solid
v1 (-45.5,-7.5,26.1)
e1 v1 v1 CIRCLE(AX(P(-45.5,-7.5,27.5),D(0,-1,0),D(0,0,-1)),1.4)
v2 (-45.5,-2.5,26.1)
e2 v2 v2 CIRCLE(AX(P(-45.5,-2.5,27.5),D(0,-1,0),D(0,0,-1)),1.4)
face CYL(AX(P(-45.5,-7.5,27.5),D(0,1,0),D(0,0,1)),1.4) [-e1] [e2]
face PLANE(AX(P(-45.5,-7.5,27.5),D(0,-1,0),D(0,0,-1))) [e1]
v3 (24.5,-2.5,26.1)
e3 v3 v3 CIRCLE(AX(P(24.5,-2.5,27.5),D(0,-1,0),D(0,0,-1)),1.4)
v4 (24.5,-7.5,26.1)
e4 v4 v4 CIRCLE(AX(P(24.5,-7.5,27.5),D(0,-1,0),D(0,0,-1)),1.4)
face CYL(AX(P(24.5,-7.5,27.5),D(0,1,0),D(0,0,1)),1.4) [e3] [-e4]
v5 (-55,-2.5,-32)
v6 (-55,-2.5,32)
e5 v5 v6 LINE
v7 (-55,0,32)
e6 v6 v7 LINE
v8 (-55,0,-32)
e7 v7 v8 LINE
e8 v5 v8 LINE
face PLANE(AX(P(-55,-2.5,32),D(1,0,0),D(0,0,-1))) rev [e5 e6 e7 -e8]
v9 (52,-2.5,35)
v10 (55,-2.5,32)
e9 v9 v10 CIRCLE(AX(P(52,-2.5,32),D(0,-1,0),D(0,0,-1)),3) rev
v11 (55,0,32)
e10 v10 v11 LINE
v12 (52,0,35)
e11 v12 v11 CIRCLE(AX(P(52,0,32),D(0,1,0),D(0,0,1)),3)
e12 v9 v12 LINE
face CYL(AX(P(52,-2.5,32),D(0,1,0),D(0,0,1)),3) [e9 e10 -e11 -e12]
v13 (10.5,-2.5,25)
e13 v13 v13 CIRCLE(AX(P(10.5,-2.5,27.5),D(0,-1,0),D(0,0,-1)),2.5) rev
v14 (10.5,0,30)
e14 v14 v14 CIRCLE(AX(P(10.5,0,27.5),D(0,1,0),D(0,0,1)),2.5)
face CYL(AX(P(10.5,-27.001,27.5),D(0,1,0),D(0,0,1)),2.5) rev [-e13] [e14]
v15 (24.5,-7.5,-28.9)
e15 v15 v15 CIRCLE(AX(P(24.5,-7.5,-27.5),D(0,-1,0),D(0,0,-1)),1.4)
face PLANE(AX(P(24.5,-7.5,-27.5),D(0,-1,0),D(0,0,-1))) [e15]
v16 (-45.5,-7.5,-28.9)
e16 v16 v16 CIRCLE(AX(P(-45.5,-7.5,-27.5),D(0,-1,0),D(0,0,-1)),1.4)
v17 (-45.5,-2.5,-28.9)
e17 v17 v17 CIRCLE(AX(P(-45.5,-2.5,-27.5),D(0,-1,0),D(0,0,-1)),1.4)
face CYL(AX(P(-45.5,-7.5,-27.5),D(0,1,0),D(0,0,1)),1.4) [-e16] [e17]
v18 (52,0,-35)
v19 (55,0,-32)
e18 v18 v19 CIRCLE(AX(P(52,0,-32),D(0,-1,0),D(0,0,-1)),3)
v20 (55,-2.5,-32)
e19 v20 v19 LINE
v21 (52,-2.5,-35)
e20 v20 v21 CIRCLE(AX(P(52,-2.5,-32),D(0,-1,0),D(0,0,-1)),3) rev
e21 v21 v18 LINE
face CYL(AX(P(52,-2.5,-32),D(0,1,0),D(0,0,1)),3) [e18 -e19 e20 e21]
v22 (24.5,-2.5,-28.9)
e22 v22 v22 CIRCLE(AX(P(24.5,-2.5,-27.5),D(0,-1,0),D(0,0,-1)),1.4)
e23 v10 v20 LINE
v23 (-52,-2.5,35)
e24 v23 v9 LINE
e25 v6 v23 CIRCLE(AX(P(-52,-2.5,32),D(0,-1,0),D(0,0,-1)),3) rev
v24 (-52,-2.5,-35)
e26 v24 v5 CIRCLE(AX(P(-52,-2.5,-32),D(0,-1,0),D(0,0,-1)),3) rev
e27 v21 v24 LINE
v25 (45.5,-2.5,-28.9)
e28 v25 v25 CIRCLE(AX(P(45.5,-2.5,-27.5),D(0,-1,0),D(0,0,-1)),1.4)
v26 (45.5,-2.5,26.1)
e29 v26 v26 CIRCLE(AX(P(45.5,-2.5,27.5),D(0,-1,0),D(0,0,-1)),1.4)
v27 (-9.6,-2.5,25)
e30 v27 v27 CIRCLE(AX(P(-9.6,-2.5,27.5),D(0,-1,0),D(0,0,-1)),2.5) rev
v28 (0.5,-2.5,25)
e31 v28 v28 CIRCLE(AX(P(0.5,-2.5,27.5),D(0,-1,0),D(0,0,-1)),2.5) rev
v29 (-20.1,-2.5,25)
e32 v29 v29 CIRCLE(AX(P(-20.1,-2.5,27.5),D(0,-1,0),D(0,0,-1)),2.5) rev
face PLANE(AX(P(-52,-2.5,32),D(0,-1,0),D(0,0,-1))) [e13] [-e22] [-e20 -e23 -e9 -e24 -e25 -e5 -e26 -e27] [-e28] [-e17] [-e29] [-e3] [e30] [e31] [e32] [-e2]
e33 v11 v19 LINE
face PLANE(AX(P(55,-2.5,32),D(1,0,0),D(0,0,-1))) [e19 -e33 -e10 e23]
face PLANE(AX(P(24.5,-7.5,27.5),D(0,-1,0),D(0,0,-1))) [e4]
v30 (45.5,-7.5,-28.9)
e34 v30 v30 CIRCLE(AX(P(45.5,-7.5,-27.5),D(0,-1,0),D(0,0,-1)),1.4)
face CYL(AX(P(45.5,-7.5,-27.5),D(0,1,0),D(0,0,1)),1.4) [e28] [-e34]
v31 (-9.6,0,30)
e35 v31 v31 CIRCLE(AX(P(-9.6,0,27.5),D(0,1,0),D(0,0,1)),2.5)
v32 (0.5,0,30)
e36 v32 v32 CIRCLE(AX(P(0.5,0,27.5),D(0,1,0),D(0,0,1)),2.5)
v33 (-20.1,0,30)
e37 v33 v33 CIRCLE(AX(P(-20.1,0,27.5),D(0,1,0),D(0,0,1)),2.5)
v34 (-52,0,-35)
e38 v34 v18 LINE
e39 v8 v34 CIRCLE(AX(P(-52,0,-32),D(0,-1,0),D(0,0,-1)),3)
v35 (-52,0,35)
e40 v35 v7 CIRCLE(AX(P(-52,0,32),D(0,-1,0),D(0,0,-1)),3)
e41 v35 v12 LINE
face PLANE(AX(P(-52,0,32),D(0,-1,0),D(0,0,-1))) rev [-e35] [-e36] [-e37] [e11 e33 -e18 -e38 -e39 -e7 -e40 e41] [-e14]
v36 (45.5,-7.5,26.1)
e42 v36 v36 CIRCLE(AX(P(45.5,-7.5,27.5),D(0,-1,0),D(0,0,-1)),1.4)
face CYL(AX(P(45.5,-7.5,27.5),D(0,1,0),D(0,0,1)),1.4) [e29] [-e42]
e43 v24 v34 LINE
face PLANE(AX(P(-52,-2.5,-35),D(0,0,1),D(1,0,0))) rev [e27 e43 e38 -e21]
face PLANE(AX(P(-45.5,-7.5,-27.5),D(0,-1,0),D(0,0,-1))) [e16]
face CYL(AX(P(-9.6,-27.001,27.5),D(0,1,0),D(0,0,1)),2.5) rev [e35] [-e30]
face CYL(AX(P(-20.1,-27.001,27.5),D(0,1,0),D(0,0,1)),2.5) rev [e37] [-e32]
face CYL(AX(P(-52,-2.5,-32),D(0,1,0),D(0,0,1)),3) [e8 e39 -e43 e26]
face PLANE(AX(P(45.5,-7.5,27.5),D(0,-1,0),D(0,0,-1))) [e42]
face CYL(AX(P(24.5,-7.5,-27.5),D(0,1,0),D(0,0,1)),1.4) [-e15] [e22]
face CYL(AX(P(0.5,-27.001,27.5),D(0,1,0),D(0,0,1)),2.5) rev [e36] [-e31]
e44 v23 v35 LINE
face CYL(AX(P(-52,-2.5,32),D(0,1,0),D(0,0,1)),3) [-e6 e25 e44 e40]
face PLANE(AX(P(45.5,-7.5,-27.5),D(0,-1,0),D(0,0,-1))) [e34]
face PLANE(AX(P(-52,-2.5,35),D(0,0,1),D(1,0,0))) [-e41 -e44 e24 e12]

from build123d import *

# Parameters (mm, degrees)
BOSS_EXTRUDE1_DEPTH  = 2.5
BOSS_EXTRUDE6_DEPTH  = 24.5
CUT_EXTRUDE7_REACH   = 72.562
SKETCH3_R            = 2.5
BOSS_EXTRUDE11_START = -24.5
SKETCH12_R           = 1.4
BOSS_EXTRUDE11_DEPTH = 20
CUT_EXTRUDE11_REACH  = 120.55
SKETCH13_R           = 6.15
BOSS_EXTRUDE13_START = -4.5
SKETCH12_5_R         = 1.4
BOSS_EXTRUDE13_DEPTH = 2
CUT_EXTRUDE12_START  = -24.5
CUT_EXTRUDE12_DEPTH  = 24.5
BOSS_EXTRUDE14_START = -24.5
SKETCH12_6_R         = 1.4
BOSS_EXTRUDE14_DEPTH = 5


with BuildPart() as part:
    # Sketch1 → Boss-Extrude1 (new body)
    with BuildSketch(Plane(origin=(0, 0, 0), x_dir=(1, 0, 0), z_dir=(0, 1, 0))):
        with BuildLine():
            Line((-52, -35), (52, -35))
            ThreePointArc((52, -35), (54.121320344, -34.121320344), (55, -32))
            Line((55, -32), (55, 32))
            ThreePointArc((55, 32), (54.121320344, 34.121320344), (52, 35))
            Line((52, 35), (-52, 35))
            ThreePointArc((-52, 35), (-54.121320344, 34.121320344), (-55, 32))
            Line((-55, 32), (-55, -32))
            ThreePointArc((-55, -32), (-54.121320344, -34.121320344), (-52, -35))
        make_face()
    extrude(amount=-BOSS_EXTRUDE1_DEPTH)

    # Sketch7 → Boss-Extrude6 (add)
    with BuildSketch(Plane.XZ.offset(2.5)):
        with BuildLine():
            Line((-55, 32), (-55, -32))
            ThreePointArc((-55, -32), (-54.121320344, -34.121320344), (-52, -35))
            Line((-52, -35), (52, -35))
            ThreePointArc((52, -35), (54.121320344, -34.121320344), (55, -32))
            Line((55, -32), (55, 32))
            ThreePointArc((55, 32), (54.121320344, 34.121320344), (52, 35))
            Line((52, 35), (-52, 35))
            ThreePointArc((-52, 35), (-54.121320344, 34.121320344), (-55, 32))
        make_face()
        with BuildLine():
            Line((-53.5, 32), (-53.5, -32))
            ThreePointArc((-53.5, -32), (-53.060660172, -33.060660172), (-52, -33.5))
            Line((-52, -33.5), (52, -33.5))
            ThreePointArc((52, -33.5), (53.060660172, -33.060660172), (53.5, -32))
            Line((53.5, -32), (53.5, 32))
            ThreePointArc((53.5, 32), (53.060660172, 33.060660172), (52, 33.5))
            Line((52, 33.5), (-52, 33.5))
            ThreePointArc((-52, 33.5), (-53.060660172, 33.060660172), (-53.5, 32))
        make_face(mode=Mode.SUBTRACT)
    extrude(amount=BOSS_EXTRUDE6_DEPTH)

    # Sketch3 → Cut-Extrude7 (cut, up to next)
    with BuildSketch(Plane(origin=(0, 0, 0), x_dir=(1, 0, 0), z_dir=(0, 1, 0)), mode=Mode.PRIVATE) as cut_extrude7_sk1:
        with Locations(Location((-20.1, -27.5, 0), (0, 0, 270))):
            Circle(SKETCH3_R)
    cut_extrude7_tool1 = extrude(cut_extrude7_sk1.sketch, amount=-CUT_EXTRUDE7_REACH, mode=Mode.PRIVATE) & part.part
    # Sketch3 → Cut-Extrude7 (cut, up to next)
    with BuildSketch(Plane(origin=(0, 0, 0), x_dir=(1, 0, 0), z_dir=(0, 1, 0)), mode=Mode.PRIVATE) as cut_extrude7_sk2:
        with Locations(Location((-9.6, -27.5, 0), (0, 0, 270))):
            Circle(SKETCH3_R)
    cut_extrude7_tool2 = extrude(cut_extrude7_sk2.sketch, amount=-CUT_EXTRUDE7_REACH, mode=Mode.PRIVATE) & part.part
    # Sketch3 → Cut-Extrude7 (cut, up to next)
    with BuildSketch(Plane(origin=(0, 0, 0), x_dir=(1, 0, 0), z_dir=(0, 1, 0)), mode=Mode.PRIVATE) as cut_extrude7_sk3:
        with Locations(Location((0.5, -27.5, 0), (0, 0, 270))):
            Circle(SKETCH3_R)
    cut_extrude7_tool3 = extrude(cut_extrude7_sk3.sketch, amount=-CUT_EXTRUDE7_REACH, mode=Mode.PRIVATE) & part.part
    # Sketch3 → Cut-Extrude7 (cut, up to next)
    with BuildSketch(Plane(origin=(0, 0, 0), x_dir=(1, 0, 0), z_dir=(0, 1, 0)), mode=Mode.PRIVATE) as cut_extrude7_sk4:
        with Locations(Location((10.5, -27.5, 0), (0, 0, 270))):
            Circle(SKETCH3_R)
    cut_extrude7_tool4 = extrude(cut_extrude7_sk4.sketch, amount=-CUT_EXTRUDE7_REACH, mode=Mode.PRIVATE) & part.part
    add(cut_extrude7_tool1.solids().sort_by_distance((-20.1, 0, 27.5))[0], mode=Mode.SUBTRACT)
    add(cut_extrude7_tool2.solids().sort_by_distance((-9.6, 0, 27.5))[0], mode=Mode.SUBTRACT)
    add(cut_extrude7_tool3.solids().sort_by_distance((0.5, 0, 27.5))[0], mode=Mode.SUBTRACT)
    add(cut_extrude7_tool4.solids().sort_by_distance((10.5, 0, 27.5))[0], mode=Mode.SUBTRACT)

    # Sketch12 → Boss-Extrude11 (add)
    # profile 1 of 6: a face of its own
    with BuildSketch(Plane.XZ.offset(27).offset(BOSS_EXTRUDE11_START)):
        with BuildLine():
            Line((-39.5, 27.5), (-39.5, 33.5))
            Line((-39.5, 33.5), (-52, 33.5))
            ThreePointArc((-52, 33.5), (-53.060660172, 33.060660172), (-53.5, 32))
            Line((-53.5, 32), (-53.5, 22.5))
            Line((-53.5, 22.5), (-44.5, 22.5))
            ThreePointArc((-44.5, 22.5), (-40.964466094, 23.964466094), (-39.5, 27.5))
        make_face()
        with Locations(Location((-45.5, 27.5, 0), (0, 0, 270))):
            Circle(SKETCH12_R, mode=Mode.SUBTRACT)
    # profile 2 of 6: a face of its own
    with BuildSketch(Plane.XZ.offset(27).offset(BOSS_EXTRUDE11_START)):
        with BuildLine():
            Line((29.5, 33.5), (18.5, 33.5))
            Line((18.5, 33.5), (18.5, 27.5))
            ThreePointArc((18.5, 27.5), (19.964466094, 23.964466094), (23.5, 22.5))
            Line((23.5, 22.5), (24.5, 22.5))
            ThreePointArc((24.5, 22.5), (28.035533906, 23.964466094), (29.5, 27.5))
            Line((29.5, 27.5), (29.5, 33.5))
        make_face()
        with Locations(Location((24.5, 27.5, 0), (0, 0, 270))):
            Circle(SKETCH12_R, mode=Mode.SUBTRACT)
    # profile 3 of 6: a face of its own
    with BuildSketch(Plane.XZ.offset(27).offset(BOSS_EXTRUDE11_START)):
        with BuildLine():
            Line((18.5, -27.5), (18.5, -33.5))
            Line((18.5, -33.5), (29.5, -33.5))
            Line((29.5, -33.5), (29.5, -27.5))
            ThreePointArc((29.5, -27.5), (28.035533906, -23.964466094), (24.5, -22.5))
            Line((24.5, -22.5), (23.5, -22.5))
            ThreePointArc((23.5, -22.5), (19.964466094, -23.964466094), (18.5, -27.5))
        make_face()
        with Locations(Location((24.5, -27.5, 0), (0, 0, 270))):
            Circle(SKETCH12_R, mode=Mode.SUBTRACT)
    # profile 4 of 6: a face of its own
    with BuildSketch(Plane.XZ.offset(27).offset(BOSS_EXTRUDE11_START)):
        with BuildLine():
            Line((-44.5, -22.5), (-53.5, -22.5))
            Line((-53.5, -22.5), (-53.5, -32))
            ThreePointArc((-53.5, -32), (-53.060660172, -33.060660172), (-52, -33.5))
            Line((-52, -33.5), (-39.5, -33.5))
            Line((-39.5, -33.5), (-39.5, -27.5))
            ThreePointArc((-39.5, -27.5), (-40.964466094, -23.964466094), (-44.5, -22.5))
        make_face()
        with Locations(Location((-45.5, -27.5, 0), (0, 0, 270))):
            Circle(SKETCH12_R, mode=Mode.SUBTRACT)
    # profile 5 of 6: a face of its own
    with BuildSketch(Plane.XZ.offset(27).offset(BOSS_EXTRUDE11_START)):
        with BuildLine():
            Line((52, 33.5), (39.5, 33.5))
            Line((39.5, 33.5), (39.5, 27.5))
            ThreePointArc((39.5, 27.5), (40.964466094, 23.964466094), (44.5, 22.5))
            Line((44.5, 22.5), (53.5, 22.5))
            Line((53.5, 22.5), (53.5, 32))
            ThreePointArc((53.5, 32), (53.060660172, 33.060660172), (52, 33.5))
        make_face()
        with Locations(Location((45.5, 27.5, 0), (0, 0, 270))):
            Circle(SKETCH12_R, mode=Mode.SUBTRACT)
    # profile 6 of 6: a face of its own
    with BuildSketch(Plane.XZ.offset(27).offset(BOSS_EXTRUDE11_START)):
        with BuildLine():
            Line((53.5, -32), (53.5, -22.5))
            Line((53.5, -22.5), (44.5, -22.5))
            ThreePointArc((44.5, -22.5), (40.964466094, -23.964466094), (39.5, -27.5))
            Line((39.5, -27.5), (39.5, -33.5))
            Line((39.5, -33.5), (52, -33.5))
            ThreePointArc((52, -33.5), (53.060660172, -33.060660172), (53.5, -32))
        make_face()
        with Locations(Location((45.5, -27.5, 0), (0, 0, 270))):
            Circle(SKETCH12_R, mode=Mode.SUBTRACT)
    extrude(amount=BOSS_EXTRUDE11_DEPTH)

    # Sketch13 → Cut-Extrude11 (cut, up to next)
    with BuildSketch(Plane(origin=(55, 0, 0), x_dir=(0, 0, -1), z_dir=(1, 0, 0)), mode=Mode.PRIVATE) as cut_extrude11_sk1:
        with Locations((-12, -17)):
            Circle(SKETCH13_R)
    cut_extrude11_tool1 = extrude(cut_extrude11_sk1.sketch, amount=-CUT_EXTRUDE11_REACH, mode=Mode.PRIVATE) & part.part
    add(cut_extrude11_tool1.solids().sort_by_distance((55, -17, 12))[0], mode=Mode.SUBTRACT)

    # Sketch12<5> → Boss-Extrude13 (add)
    # profile 1 of 2: a face of its own
    with BuildSketch(Plane.XZ.offset(27).offset(BOSS_EXTRUDE13_START)):
        with BuildLine():
            Line((44.5, 22.5), (53.5, 22.5))
            Line((53.5, 22.5), (53.5, 32))
            ThreePointArc((53.5, 32), (53.060660172, 33.060660172), (52, 33.5))
            Line((52, 33.5), (39.5, 33.5))
            Line((39.5, 33.5), (39.5, 27.5))
            ThreePointArc((39.5, 27.5), (40.964466094, 23.964466094), (44.5, 22.5))
        make_face()
        with Locations(Location((45.5, 27.5, 0), (0, 0, 270))):
            Circle(SKETCH12_5_R, mode=Mode.SUBTRACT)
    # profile 2 of 2: a face of its own
    with BuildSketch(Plane.XZ.offset(27).offset(BOSS_EXTRUDE13_START)):
        with BuildLine():
            Line((39.5, -27.5), (39.5, -33.5))
            Line((39.5, -33.5), (52, -33.5))
            ThreePointArc((52, -33.5), (53.060660172, -33.060660172), (53.5, -32))
            Line((53.5, -32), (53.5, -22.5))
            Line((53.5, -22.5), (44.5, -22.5))
            ThreePointArc((44.5, -22.5), (40.964466094, -23.964466094), (39.5, -27.5))
        make_face()
        with Locations(Location((45.5, -27.5, 0), (0, 0, 270))):
            Circle(SKETCH12_5_R, mode=Mode.SUBTRACT)
    extrude(amount=BOSS_EXTRUDE13_DEPTH)

    # Sketch14 → Cut-Extrude12 (cut)
    with BuildSketch(Plane.XZ.offset(27).offset(CUT_EXTRUDE12_START)):
        with BuildLine():
            Line((-55, 32), (-55, -32))
            ThreePointArc((-55, -32), (-54.121320344, -34.121320344), (-52, -35))
            Line((-52, -35), (52, -35))
            ThreePointArc((52, -35), (54.121320344, -34.121320344), (55, -32))
            Line((55, -32), (55, 32))
            ThreePointArc((55, 32), (54.121320344, 34.121320344), (52, 35))
            Line((52, 35), (-52, 35))
            ThreePointArc((-52, 35), (-54.121320344, 34.121320344), (-55, 32))
        make_face()
    extrude(amount=CUT_EXTRUDE12_DEPTH, mode=Mode.SUBTRACT)

    # Sketch12<6> → Boss-Extrude14 (add)
    with BuildSketch(Plane.XZ.offset(27).offset(BOSS_EXTRUDE14_START)):
        with Locations(Location((-45.5, 27.5, 0), (0, 0, 270))):
            Circle(SKETCH12_6_R)
        with Locations(Location((-45.5, -27.5, 0), (0, 0, 270))):
            Circle(SKETCH12_6_R)
        with Locations(Location((24.5, -27.5, 0), (0, 0, 270))):
            Circle(SKETCH12_6_R)
        with Locations(Location((45.5, -27.5, 0), (0, 0, 270))):
            Circle(SKETCH12_6_R)
        with Locations(Location((45.5, 27.5, 0), (0, 0, 270))):
            Circle(SKETCH12_6_R)
        with Locations(Location((24.5, 27.5, 0), (0, 0, 270))):
            Circle(SKETCH12_6_R)
    extrude(amount=BOSS_EXTRUDE14_DEPTH)


solid = part.part
